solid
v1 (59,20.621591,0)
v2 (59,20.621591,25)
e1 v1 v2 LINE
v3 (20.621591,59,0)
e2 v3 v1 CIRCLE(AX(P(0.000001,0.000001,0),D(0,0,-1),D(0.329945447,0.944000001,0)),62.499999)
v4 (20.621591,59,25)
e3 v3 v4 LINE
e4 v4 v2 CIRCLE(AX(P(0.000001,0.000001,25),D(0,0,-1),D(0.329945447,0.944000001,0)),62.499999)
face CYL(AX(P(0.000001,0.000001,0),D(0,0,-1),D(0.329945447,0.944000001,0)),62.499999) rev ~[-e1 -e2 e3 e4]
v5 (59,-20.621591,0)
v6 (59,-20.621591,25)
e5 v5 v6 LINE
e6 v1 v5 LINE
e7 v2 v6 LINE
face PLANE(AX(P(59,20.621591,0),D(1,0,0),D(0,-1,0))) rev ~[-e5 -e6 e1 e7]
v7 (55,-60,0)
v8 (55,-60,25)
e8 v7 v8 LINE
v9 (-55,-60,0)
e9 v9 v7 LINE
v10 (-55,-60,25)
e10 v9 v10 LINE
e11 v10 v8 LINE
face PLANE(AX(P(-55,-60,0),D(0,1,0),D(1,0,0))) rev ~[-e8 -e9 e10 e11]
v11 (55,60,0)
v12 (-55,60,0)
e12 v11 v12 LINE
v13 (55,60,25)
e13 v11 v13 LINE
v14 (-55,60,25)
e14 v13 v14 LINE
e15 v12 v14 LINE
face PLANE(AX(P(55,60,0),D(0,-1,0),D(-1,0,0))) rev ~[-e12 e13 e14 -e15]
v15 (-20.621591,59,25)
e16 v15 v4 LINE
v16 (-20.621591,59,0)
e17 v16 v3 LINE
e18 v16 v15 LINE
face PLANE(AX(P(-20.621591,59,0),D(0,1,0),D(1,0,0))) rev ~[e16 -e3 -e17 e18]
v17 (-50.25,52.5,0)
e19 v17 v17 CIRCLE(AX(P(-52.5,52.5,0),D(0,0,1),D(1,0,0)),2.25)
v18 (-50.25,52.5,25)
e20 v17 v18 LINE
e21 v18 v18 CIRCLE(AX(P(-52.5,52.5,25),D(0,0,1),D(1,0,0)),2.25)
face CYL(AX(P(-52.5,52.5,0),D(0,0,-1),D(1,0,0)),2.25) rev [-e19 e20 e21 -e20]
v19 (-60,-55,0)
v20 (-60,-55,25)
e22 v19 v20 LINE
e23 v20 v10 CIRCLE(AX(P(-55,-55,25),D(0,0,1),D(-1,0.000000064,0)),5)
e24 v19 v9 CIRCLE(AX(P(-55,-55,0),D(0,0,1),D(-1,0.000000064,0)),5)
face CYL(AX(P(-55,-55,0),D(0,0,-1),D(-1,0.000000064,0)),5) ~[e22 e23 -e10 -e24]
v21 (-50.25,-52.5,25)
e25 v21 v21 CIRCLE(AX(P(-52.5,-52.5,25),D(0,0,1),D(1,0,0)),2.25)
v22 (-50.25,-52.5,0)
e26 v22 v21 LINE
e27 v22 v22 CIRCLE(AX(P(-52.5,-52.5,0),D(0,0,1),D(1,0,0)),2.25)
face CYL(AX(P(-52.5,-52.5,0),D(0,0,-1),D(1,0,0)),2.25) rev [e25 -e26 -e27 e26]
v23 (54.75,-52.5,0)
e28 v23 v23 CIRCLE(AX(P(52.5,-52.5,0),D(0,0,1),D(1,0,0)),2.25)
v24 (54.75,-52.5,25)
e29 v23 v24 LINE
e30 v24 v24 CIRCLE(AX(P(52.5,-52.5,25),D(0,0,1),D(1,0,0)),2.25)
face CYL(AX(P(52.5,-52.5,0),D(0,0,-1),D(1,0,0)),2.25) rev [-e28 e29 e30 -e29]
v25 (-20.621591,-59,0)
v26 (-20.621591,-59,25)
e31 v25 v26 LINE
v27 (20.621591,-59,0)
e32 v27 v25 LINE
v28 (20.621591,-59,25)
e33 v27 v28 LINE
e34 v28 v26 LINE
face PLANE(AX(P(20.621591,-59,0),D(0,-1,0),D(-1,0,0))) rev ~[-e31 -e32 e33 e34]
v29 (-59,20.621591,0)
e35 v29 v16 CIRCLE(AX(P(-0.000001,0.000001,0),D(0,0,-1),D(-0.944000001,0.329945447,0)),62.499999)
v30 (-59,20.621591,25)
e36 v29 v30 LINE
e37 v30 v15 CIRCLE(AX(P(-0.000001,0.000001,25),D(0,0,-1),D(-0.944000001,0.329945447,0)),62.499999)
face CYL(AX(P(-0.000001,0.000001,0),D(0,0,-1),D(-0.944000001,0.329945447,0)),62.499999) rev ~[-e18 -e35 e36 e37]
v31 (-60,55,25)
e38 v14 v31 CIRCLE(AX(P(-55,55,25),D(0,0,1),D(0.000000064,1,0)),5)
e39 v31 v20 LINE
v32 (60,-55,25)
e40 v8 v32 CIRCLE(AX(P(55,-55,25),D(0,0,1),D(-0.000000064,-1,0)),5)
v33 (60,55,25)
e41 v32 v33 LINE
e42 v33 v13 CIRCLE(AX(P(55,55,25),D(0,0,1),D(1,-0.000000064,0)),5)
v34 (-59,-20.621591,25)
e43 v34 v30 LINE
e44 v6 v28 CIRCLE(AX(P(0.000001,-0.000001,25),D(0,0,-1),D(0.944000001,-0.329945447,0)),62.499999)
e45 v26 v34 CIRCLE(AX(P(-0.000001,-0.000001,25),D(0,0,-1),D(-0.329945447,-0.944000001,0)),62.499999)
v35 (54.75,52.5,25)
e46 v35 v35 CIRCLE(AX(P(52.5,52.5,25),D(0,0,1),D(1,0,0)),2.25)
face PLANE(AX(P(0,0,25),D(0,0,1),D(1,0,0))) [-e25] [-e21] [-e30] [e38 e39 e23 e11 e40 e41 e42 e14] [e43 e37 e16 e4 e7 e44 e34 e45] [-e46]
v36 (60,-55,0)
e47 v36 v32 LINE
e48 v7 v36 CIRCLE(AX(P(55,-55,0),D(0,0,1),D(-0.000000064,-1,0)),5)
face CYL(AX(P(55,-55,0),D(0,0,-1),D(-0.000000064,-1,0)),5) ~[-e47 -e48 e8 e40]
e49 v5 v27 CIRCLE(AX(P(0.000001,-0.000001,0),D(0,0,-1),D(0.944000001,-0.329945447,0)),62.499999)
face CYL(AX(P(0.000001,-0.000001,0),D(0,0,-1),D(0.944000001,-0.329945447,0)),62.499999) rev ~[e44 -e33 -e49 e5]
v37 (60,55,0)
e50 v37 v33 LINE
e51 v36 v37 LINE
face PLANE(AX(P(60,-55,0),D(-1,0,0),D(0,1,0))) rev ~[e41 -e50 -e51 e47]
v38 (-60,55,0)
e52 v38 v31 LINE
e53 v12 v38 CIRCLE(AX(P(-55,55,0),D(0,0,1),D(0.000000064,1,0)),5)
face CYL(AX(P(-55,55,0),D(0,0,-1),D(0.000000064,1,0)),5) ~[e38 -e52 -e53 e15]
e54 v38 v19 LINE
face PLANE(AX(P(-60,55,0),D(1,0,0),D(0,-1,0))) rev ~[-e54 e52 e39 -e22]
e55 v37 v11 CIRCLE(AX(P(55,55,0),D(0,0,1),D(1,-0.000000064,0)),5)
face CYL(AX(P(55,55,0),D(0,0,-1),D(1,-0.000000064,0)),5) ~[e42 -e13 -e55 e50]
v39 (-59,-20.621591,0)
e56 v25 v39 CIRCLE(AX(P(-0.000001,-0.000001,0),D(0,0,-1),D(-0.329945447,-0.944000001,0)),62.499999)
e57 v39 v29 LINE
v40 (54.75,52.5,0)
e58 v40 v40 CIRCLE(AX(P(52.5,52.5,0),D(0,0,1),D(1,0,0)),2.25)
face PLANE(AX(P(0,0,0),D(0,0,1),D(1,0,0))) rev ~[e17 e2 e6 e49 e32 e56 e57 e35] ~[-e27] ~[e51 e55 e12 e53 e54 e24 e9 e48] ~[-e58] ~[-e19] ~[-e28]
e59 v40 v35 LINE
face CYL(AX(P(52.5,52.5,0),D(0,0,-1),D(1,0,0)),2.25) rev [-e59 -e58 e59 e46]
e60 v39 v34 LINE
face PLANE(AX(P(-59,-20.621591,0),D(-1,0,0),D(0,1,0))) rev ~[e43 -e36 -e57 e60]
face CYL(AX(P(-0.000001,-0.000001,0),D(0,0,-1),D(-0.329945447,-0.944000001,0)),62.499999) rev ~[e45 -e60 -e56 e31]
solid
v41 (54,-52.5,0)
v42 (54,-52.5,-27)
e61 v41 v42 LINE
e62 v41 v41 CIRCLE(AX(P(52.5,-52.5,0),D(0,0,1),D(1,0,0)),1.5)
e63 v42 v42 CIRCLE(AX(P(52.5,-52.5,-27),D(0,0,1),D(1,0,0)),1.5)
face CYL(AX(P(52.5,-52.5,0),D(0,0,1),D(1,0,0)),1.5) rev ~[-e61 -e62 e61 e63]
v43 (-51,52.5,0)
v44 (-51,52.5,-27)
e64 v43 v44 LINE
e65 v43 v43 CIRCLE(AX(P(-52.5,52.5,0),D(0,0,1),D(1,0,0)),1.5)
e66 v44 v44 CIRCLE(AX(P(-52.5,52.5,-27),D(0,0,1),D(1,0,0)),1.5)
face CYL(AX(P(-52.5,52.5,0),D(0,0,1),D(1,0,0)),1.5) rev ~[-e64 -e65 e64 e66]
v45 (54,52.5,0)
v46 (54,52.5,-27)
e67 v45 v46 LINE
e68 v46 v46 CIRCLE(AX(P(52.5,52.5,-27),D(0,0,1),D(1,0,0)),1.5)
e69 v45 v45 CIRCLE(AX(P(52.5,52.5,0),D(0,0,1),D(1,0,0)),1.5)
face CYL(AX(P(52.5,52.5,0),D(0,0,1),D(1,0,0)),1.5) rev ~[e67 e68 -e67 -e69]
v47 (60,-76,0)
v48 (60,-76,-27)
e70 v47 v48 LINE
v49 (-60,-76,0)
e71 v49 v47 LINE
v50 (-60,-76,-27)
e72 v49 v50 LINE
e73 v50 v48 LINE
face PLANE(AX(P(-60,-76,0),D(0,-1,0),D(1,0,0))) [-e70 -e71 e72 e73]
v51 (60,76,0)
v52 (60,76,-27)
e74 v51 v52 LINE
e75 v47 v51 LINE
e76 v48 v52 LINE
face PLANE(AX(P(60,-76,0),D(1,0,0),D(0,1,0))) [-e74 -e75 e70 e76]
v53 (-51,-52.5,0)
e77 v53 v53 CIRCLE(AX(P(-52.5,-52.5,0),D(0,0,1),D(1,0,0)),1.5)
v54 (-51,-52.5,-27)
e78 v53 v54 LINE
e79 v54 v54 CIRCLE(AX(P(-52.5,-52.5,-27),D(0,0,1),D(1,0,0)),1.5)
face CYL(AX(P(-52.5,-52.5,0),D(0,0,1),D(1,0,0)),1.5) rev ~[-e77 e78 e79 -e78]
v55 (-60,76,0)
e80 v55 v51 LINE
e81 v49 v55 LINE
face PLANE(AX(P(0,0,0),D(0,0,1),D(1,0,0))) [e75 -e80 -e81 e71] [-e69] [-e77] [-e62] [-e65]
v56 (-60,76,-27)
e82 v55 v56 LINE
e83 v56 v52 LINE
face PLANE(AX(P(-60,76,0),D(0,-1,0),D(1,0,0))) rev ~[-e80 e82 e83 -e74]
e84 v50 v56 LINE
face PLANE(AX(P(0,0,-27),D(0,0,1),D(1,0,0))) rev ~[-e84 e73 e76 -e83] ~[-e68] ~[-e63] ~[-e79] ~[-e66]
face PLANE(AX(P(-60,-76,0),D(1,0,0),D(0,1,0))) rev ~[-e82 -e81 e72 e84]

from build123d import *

# Parameters (mm, degrees)
F0_R     = 2.25
F1_DEPTH = 25
F2_W     = 120
F2_H     = 152
F2_R     = 1.5
F3_DEPTH = 27


with BuildPart() as f1:
    # F0 (on Top) → F1 (new body)
    with BuildSketch(Plane.XY):
        with BuildLine():
            ThreePointArc((60, 55), (58.535534, 58.535534), (55, 60))
            Line((55, 60), (-55, 60))
            ThreePointArc((-55, 60), (-58.535534, 58.535534), (-60, 55))
            Line((-60, 55), (-60, -55))
            ThreePointArc((-60, -55), (-58.535534, -58.535534), (-55, -60))
            Line((-55, -60), (55, -60))
            ThreePointArc((55, -60), (58.535534, -58.535534), (60, -55))
            Line((60, -55), (60, 55))
        make_face()
        with Locations((-52.5, -52.5)):
            Circle(F0_R, mode=Mode.SUBTRACT)
        with Locations((52.5, -52.5)):
            Circle(F0_R, mode=Mode.SUBTRACT)
        with Locations((-52.5, 52.5)):
            Circle(F0_R, mode=Mode.SUBTRACT)
        with BuildLine():
            ThreePointArc((-59, 20.621591), (-44.194174, 44.194174), (-20.621591, 59))
            Line((-20.621591, 59), (20.621591, 59))
            ThreePointArc((20.621591, 59), (44.194174, 44.194174), (59, 20.621591))
            Line((59, 20.621591), (59, -20.621591))
            ThreePointArc((59, -20.621591), (44.194174, -44.194174), (20.621591, -59))
            Line((20.621591, -59), (-20.621591, -59))
            ThreePointArc((-20.621591, -59), (-44.194174, -44.194174), (-59, -20.621591))
            Line((-59, -20.621591), (-59, 20.621591))
        make_face(mode=Mode.SUBTRACT)
        with Locations((52.5, 52.5)):
            Circle(F0_R, mode=Mode.SUBTRACT)
    extrude(amount=F1_DEPTH)


with BuildPart() as f3:
    # F2 (on Top) → F3 (new body)
    with BuildSketch(Plane.XY):
        Rectangle(F2_W, F2_H)
        with Locations((-52.5, -52.5)):
            Circle(F2_R, mode=Mode.SUBTRACT)
        with Locations((52.5, -52.5)):
            Circle(F2_R, mode=Mode.SUBTRACT)
        with Locations((-52.5, 52.5)):
            Circle(F2_R, mode=Mode.SUBTRACT)
        with Locations((52.5, 52.5)):
            Circle(F2_R, mode=Mode.SUBTRACT)
    extrude(amount=-F3_DEPTH)


solid = Compound([f1.part, f3.part])
